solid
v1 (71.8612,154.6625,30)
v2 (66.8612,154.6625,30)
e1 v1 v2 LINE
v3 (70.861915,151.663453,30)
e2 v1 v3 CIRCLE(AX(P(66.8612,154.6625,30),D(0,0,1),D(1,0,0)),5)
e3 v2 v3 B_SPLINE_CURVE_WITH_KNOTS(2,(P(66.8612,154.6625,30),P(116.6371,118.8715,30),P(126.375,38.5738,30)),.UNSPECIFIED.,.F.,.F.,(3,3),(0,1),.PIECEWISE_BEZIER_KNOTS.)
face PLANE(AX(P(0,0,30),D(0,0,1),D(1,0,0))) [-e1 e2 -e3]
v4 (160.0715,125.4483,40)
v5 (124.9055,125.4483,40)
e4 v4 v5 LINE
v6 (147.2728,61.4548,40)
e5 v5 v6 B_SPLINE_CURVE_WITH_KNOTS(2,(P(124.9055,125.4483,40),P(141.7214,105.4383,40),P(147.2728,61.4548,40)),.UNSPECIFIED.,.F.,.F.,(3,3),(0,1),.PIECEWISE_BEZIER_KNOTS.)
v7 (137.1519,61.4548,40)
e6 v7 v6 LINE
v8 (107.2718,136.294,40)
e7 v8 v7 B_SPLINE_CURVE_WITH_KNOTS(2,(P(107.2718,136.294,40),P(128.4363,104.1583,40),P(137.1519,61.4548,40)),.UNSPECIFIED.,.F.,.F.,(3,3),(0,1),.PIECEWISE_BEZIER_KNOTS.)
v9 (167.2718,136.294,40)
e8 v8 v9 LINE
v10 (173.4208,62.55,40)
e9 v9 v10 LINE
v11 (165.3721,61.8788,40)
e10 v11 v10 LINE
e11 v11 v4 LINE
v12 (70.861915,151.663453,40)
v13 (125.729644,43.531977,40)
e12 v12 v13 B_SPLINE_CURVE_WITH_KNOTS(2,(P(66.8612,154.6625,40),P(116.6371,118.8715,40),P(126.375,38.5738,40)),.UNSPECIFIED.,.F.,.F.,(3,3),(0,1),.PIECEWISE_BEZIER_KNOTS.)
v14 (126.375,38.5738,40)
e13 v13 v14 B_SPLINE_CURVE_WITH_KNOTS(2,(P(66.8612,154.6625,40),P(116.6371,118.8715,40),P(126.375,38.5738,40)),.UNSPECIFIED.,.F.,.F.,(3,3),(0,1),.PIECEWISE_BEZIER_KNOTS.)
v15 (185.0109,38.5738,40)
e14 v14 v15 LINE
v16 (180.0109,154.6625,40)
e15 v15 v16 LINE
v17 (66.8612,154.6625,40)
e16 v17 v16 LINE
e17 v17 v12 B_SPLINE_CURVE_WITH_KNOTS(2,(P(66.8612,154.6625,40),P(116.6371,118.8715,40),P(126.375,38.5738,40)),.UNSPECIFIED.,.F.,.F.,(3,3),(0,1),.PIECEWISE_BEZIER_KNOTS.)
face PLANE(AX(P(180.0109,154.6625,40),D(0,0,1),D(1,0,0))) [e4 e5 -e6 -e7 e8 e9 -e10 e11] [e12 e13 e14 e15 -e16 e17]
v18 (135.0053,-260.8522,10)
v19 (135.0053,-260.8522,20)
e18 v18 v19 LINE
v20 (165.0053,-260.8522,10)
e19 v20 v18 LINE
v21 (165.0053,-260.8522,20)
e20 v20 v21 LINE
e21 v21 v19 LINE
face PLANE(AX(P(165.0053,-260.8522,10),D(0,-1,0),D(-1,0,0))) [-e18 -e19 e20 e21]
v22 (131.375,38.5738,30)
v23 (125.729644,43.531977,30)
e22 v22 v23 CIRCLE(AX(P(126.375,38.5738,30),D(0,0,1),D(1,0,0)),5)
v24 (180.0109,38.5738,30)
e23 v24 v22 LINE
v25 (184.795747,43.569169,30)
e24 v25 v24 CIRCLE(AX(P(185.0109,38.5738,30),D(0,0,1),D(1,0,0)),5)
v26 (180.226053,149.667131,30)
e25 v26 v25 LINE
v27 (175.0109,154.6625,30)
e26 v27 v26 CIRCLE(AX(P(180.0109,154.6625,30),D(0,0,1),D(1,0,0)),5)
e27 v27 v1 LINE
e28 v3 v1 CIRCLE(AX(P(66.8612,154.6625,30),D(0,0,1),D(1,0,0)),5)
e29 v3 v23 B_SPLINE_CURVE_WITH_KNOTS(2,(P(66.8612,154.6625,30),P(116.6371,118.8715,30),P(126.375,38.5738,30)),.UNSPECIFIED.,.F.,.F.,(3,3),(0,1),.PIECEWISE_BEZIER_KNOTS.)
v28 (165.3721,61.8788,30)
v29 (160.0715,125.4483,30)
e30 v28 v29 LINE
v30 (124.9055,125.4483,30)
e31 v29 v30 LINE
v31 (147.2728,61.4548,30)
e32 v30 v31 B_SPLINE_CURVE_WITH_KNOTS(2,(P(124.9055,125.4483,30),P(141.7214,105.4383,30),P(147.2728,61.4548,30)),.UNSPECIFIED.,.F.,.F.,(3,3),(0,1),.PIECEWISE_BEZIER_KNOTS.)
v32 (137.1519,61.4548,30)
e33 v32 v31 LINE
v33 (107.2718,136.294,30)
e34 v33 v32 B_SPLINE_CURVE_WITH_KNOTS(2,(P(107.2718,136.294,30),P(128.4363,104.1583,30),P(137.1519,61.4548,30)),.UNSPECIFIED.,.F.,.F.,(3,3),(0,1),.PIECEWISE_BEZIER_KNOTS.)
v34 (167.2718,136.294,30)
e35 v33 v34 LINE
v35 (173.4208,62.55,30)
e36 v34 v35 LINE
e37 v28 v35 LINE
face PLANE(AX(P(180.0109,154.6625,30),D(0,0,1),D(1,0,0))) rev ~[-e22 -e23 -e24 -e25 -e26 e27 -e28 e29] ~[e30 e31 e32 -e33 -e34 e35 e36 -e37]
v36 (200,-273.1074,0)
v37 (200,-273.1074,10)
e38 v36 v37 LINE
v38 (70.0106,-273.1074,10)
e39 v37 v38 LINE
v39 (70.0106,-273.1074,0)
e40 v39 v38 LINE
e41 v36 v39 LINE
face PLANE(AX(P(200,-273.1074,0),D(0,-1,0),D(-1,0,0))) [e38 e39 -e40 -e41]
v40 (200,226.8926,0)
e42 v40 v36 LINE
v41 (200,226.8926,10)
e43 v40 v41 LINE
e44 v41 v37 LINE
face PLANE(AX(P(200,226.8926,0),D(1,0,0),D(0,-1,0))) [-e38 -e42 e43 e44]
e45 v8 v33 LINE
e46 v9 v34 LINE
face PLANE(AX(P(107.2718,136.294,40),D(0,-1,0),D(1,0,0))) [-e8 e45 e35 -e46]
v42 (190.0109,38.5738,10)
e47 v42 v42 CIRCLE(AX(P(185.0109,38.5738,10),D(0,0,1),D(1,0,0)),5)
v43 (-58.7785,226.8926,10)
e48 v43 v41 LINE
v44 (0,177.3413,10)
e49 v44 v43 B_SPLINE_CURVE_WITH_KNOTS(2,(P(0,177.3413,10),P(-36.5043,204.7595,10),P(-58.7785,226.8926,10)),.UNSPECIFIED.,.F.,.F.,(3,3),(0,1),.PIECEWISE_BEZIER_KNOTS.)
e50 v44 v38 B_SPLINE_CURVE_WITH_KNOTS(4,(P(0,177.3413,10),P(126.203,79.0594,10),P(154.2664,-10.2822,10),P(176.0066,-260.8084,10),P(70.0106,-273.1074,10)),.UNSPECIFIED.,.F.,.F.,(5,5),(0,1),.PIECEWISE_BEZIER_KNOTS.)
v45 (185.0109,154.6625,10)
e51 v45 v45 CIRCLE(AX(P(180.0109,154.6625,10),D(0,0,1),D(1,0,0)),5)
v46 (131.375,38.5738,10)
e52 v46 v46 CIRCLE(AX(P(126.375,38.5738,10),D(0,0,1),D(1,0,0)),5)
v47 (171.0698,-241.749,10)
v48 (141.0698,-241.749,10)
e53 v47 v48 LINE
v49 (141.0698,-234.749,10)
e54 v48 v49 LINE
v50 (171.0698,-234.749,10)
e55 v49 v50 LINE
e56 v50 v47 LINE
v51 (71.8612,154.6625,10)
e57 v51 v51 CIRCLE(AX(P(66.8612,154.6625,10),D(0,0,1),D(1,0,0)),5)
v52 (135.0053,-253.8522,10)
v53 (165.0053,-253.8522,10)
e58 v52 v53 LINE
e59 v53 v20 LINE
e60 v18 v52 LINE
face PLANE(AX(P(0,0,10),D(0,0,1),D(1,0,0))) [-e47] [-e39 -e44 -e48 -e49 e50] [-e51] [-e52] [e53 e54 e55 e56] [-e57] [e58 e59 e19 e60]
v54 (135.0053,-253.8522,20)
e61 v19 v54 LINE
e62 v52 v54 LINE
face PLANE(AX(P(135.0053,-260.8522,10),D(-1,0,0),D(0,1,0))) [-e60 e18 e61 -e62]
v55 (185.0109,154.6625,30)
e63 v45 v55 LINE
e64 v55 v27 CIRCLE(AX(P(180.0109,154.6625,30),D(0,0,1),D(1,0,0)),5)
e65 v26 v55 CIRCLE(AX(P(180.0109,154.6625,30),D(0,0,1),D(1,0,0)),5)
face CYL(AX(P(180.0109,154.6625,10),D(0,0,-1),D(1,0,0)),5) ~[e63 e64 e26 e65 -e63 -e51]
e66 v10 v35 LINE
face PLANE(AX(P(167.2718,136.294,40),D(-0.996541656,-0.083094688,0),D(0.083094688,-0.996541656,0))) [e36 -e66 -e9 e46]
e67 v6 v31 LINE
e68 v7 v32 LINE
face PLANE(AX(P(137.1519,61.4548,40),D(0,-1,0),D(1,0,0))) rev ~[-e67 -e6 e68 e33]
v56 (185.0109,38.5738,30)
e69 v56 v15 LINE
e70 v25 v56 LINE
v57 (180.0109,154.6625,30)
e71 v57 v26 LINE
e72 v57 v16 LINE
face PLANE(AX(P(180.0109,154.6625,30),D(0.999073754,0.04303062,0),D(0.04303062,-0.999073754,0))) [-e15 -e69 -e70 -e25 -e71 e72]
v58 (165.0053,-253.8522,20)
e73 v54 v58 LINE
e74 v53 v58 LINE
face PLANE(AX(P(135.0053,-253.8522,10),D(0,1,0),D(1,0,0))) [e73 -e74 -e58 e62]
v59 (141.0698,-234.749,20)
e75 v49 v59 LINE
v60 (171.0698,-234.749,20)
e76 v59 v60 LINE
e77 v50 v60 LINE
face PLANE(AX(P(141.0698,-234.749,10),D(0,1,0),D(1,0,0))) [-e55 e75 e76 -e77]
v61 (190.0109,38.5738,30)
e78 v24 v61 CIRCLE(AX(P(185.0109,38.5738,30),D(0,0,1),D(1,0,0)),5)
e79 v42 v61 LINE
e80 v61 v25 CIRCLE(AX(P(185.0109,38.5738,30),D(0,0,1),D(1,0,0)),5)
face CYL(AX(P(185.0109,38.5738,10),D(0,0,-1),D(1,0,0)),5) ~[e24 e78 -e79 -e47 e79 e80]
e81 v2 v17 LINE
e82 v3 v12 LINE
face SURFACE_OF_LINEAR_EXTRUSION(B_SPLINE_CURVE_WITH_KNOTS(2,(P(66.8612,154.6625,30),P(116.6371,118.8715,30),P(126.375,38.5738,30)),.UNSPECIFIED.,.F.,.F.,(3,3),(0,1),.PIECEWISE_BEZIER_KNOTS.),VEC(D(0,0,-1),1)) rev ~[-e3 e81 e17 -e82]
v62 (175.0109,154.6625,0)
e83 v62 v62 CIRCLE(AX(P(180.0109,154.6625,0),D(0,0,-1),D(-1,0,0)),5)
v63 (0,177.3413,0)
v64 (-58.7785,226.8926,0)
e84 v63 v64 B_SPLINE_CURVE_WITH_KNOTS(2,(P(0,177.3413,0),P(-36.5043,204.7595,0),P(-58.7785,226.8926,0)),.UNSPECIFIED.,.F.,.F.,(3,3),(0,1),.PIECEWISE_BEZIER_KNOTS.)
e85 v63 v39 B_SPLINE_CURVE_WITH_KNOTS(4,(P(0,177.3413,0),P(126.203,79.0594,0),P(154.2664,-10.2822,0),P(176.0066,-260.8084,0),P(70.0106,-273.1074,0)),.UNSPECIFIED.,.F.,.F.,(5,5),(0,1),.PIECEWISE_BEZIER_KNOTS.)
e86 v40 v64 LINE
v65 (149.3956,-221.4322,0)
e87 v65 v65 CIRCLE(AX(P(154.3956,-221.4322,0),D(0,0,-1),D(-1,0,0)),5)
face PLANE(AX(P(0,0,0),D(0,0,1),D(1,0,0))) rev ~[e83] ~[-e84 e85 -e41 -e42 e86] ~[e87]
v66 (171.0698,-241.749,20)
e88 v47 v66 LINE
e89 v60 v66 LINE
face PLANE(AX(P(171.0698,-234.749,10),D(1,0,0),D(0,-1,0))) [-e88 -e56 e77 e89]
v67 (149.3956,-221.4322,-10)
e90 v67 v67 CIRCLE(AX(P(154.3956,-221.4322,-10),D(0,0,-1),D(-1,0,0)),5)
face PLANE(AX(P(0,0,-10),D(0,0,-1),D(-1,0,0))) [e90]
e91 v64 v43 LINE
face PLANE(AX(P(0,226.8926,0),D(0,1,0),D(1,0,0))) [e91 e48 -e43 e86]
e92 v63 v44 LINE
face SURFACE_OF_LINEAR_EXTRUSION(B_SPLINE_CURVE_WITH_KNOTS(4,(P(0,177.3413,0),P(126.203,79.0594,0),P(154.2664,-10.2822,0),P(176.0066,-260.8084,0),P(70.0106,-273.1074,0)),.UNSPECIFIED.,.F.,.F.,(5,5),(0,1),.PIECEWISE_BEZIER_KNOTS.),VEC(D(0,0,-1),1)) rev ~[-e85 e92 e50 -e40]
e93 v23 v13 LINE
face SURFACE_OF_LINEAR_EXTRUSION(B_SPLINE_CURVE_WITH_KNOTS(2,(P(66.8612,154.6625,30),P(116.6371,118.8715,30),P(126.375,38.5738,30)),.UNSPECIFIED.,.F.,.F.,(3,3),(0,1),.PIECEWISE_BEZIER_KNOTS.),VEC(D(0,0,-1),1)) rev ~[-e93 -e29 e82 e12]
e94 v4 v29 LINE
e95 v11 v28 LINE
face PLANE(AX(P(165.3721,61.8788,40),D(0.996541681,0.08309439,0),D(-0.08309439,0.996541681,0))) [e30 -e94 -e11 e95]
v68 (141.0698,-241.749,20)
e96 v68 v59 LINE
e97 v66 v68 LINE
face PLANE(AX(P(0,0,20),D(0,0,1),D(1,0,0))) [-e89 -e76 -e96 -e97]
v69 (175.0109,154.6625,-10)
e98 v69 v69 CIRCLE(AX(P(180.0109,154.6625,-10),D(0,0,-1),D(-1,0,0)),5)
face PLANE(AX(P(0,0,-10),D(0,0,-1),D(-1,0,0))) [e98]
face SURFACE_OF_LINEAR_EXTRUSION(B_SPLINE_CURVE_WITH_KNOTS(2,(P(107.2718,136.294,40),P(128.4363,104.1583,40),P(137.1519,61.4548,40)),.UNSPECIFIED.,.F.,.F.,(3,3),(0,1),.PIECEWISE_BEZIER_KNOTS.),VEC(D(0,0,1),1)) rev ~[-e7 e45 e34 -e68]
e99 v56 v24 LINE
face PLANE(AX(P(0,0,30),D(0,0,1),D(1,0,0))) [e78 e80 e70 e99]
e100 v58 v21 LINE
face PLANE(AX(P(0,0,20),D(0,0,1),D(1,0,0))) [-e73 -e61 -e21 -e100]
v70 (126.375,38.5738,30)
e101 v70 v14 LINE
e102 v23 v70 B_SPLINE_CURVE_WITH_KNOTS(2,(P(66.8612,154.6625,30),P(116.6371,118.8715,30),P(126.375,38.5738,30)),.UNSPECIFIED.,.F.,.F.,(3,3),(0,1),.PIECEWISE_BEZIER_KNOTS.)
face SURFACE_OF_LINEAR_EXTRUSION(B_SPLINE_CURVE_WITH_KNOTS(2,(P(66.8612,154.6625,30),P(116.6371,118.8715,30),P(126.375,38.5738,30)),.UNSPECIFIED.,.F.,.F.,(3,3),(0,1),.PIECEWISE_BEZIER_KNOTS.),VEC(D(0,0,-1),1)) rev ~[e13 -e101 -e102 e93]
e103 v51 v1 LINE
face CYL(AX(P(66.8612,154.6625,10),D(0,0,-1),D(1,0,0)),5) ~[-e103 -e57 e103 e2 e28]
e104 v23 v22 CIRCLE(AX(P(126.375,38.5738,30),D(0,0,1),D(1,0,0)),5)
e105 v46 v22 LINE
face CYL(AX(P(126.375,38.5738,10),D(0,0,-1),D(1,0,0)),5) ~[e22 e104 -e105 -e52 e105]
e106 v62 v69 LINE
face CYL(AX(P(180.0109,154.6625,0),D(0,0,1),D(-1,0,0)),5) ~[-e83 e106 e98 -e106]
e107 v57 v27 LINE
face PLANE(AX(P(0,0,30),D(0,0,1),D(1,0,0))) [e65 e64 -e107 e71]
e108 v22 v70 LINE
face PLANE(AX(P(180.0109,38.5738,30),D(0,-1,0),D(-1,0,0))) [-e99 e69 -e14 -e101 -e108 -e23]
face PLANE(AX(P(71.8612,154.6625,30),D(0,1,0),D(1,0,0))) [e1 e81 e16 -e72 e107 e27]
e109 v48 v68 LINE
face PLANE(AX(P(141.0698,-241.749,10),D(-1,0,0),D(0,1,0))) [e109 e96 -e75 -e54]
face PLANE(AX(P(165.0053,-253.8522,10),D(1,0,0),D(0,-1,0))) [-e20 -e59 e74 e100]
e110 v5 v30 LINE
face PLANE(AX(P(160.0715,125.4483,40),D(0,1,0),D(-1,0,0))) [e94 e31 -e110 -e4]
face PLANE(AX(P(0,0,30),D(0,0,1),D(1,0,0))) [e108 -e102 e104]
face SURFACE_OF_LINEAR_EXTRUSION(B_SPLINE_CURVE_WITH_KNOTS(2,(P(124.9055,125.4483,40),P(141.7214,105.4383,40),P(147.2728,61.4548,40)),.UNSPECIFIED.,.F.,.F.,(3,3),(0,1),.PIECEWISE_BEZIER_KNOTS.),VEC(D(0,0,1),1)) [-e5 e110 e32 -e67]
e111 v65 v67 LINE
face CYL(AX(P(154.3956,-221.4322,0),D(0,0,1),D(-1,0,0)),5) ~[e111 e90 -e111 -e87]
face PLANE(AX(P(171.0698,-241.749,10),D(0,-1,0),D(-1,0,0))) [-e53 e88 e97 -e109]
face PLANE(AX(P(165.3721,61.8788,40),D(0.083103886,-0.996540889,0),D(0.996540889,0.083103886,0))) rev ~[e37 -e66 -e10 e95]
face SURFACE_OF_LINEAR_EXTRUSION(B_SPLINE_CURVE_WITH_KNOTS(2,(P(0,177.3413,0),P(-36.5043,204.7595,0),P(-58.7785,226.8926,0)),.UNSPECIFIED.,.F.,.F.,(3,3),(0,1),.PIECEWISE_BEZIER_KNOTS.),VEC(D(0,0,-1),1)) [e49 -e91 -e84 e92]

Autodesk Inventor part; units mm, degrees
ref_plane "YZ Plane" through (0, 0, 0) normal (1, 0, 0) x (0, 1, 0)
ref_plane "XZ Plane" through (0, 0, 0) normal (0, 1, 0) x (-1, 0, 0)
ref_plane "XY Plane" through (0, 0, 0) normal (0, 0, 1) x (1, 0, 0)
sketch "Sketch1" plane through (0, 0, 0) normal (0, 0, 1) x (1, 0, 0)
  line L0 (0, 226.8926) -> (200, 226.8926)
  line L1 (200, 226.8926) -> (200, -273.1074)
  line L2 (200, -273.1074) -> (70.0106, -273.1074)
  spline S0 degree 4 poles (0, 177.3413) (126.203, 79.0594) (154.2664, -10.2822) (176.0066, -260.8084) (70.0106, -273.1074) knots 0 0 0 0 0 1 1 1 1 1
  spline S1 degree 2 poles (0, 177.3413) (-36.5043, 204.7595) (-58.7785, 226.8926) knots 0 0 0 1 1 1
  line L3 (-58.7785, 226.8926) -> (0, 226.8926)
  point P0 (0, 0)
  point P1 (99.9997, 63.7426)
  point P2 (140.6791, -78.917)
  point P3 (126.8096, -220.2554)
  point P4 (-35.664, 205.7436)
extrude "Extrusion1" add sketch "Sketch1" along normal blind 10
sketch "Sketch2" plane through (0, 0, 10) normal (0, 0, 1) x (1, 0, 0)
  circle A0 centre (66.8612, 154.6625) radius 5
  circle A1 centre (180.0109, 154.6625) radius 5
  circle A2 centre (185.0109, 38.5738) radius 5
  circle A3 centre (126.375, 38.5738) radius 5
  point P0 (0, 0)
  dimension "d5" = 10
  dimension "d6" = 10
  dimension "d7" = 10
  dimension "d8" = 10
extrude "Extrusion2" add sketch "Sketch2" along normal blind 20
sketch "Sketch3" plane through (180.0109, 154.6625, 30) normal (0, 0, 1) x (1, 0, 0)
  circle A0 centre (-113.1497, 0) radius 5 projected
  circle A1 centre (0, 0) radius 5 projected
  line L0 (-113.1497, 0) -> (0, 0)
  circle A2 centre (5, -116.0887) radius 5 projected
  line L1 (0, 0) -> (5, -116.0887)
  circle A3 centre (-53.6359, -116.0887) radius 5 projected
  line L2 (5, -116.0887) -> (-53.6359, -116.0887)
  spline S0 degree 2 poles (-113.1497, 0) (-63.3738, -35.791) (-53.6359, -116.0887) knots 0 0 0 1 1 1
  point P0 (-180.0109, -154.6625)
  point P1 (-75.6781, -42.6148)
extrude "Extrusion3" add sketch "Sketch3" along normal blind 10 contours L0 A1 L1 A2 L2 A3 S0 A0 | A0 S0 L0 | L0 L1 A1 | A3 L2 S0 | L1 L2 A2 picked at (-110.3004, -1.6927) picked at (-1.6834, -2.8514) picked at (-53.6623, -112.78) picked at (1.7062, -115.7278)
sketch "Sketch4" plane through (180.0109, 154.6625, 40) normal (0, 0, 1) x (1, 0, 0)
  line L0 (-72.7391, -18.3685) -> (-12.7391, -18.3685)
  line L1 (-12.7391, -18.3685) -> (-6.5901, -92.1125)
  spline S0 degree 2 poles (-72.7391, -18.3685) (-51.5746, -50.5042) (-42.859, -93.2077) knots 0 0 0 1 1 1
  line L2 (-14.6388, -92.7837) -> (-19.9394, -29.2142)
  line L3 (-19.9394, -29.2142) -> (-55.1054, -29.2142)
  spline S1 degree 2 poles (-55.1054, -29.2142) (-38.2895, -49.2242) (-32.7381, -93.2077) knots 0 0 0 1 1 1
  line L4 (-42.859, -93.2077) -> (-32.7381, -93.2077)
  line L5 (-14.6388, -92.7837) -> (-6.5901, -92.1125)
  point P0 (-180.0109, -154.6625)
  point P1 (-55.1635, -51.9626)
  point P2 (-42.687, -50.9557)
  dimension "d13" = 60
  dimension "d14" = 74
extrude "Extrusion4" cut sketch "Sketch4" against normal blind 10
sketch "Sketch6" plane through (0, 0, 10) normal (0, 0, 1) x (1, 0, 0)
  line L0 (135.0053, -253.8522) -> (165.0053, -253.8522)
  line L1 (165.0053, -253.8522) -> (165.0053, -260.8522)
  line L2 (165.0053, -260.8522) -> (135.0053, -260.8522)
  line L3 (135.0053, -260.8522) -> (135.0053, -253.8522)
  line L4 (141.0698, -234.749) -> (171.0698, -234.749)
  line L5 (171.0698, -234.749) -> (171.0698, -241.749)
  line L6 (171.0698, -241.749) -> (141.0698, -241.749)
  line L7 (141.0698, -241.749) -> (141.0698, -234.749)
  point P0 (0, 0)
  dimension "d22" = 30
  dimension "d23" = 7
  dimension "d24" = 30
  dimension "d25" = 7
extrude "Extrusion6" add sketch "Sketch6" along normal blind 10
sketch "Sketch8" plane through (0, 0, 0) normal (0, 0, -1) x (-1, 0, 0)
  circle A0 centre (-180.0109, 154.6625) radius 5 projected
  circle A1 centre (-180.0109, 154.6625) radius 5
  line L0 (-180.0109, 154.6625) -> (-154.3956, -221.4322) construction
  circle A2 centre (-154.3956, -221.4322) radius 5
  point P0 (0, 0)
  dimension "d32" = 10
  dimension "d33" = 376.966
  dimension "d34" = 10
extrude "Extrusion8" add sketch "Sketch8" along normal blind 10
properties part number "Part2 new side frame" material "CFRP"
